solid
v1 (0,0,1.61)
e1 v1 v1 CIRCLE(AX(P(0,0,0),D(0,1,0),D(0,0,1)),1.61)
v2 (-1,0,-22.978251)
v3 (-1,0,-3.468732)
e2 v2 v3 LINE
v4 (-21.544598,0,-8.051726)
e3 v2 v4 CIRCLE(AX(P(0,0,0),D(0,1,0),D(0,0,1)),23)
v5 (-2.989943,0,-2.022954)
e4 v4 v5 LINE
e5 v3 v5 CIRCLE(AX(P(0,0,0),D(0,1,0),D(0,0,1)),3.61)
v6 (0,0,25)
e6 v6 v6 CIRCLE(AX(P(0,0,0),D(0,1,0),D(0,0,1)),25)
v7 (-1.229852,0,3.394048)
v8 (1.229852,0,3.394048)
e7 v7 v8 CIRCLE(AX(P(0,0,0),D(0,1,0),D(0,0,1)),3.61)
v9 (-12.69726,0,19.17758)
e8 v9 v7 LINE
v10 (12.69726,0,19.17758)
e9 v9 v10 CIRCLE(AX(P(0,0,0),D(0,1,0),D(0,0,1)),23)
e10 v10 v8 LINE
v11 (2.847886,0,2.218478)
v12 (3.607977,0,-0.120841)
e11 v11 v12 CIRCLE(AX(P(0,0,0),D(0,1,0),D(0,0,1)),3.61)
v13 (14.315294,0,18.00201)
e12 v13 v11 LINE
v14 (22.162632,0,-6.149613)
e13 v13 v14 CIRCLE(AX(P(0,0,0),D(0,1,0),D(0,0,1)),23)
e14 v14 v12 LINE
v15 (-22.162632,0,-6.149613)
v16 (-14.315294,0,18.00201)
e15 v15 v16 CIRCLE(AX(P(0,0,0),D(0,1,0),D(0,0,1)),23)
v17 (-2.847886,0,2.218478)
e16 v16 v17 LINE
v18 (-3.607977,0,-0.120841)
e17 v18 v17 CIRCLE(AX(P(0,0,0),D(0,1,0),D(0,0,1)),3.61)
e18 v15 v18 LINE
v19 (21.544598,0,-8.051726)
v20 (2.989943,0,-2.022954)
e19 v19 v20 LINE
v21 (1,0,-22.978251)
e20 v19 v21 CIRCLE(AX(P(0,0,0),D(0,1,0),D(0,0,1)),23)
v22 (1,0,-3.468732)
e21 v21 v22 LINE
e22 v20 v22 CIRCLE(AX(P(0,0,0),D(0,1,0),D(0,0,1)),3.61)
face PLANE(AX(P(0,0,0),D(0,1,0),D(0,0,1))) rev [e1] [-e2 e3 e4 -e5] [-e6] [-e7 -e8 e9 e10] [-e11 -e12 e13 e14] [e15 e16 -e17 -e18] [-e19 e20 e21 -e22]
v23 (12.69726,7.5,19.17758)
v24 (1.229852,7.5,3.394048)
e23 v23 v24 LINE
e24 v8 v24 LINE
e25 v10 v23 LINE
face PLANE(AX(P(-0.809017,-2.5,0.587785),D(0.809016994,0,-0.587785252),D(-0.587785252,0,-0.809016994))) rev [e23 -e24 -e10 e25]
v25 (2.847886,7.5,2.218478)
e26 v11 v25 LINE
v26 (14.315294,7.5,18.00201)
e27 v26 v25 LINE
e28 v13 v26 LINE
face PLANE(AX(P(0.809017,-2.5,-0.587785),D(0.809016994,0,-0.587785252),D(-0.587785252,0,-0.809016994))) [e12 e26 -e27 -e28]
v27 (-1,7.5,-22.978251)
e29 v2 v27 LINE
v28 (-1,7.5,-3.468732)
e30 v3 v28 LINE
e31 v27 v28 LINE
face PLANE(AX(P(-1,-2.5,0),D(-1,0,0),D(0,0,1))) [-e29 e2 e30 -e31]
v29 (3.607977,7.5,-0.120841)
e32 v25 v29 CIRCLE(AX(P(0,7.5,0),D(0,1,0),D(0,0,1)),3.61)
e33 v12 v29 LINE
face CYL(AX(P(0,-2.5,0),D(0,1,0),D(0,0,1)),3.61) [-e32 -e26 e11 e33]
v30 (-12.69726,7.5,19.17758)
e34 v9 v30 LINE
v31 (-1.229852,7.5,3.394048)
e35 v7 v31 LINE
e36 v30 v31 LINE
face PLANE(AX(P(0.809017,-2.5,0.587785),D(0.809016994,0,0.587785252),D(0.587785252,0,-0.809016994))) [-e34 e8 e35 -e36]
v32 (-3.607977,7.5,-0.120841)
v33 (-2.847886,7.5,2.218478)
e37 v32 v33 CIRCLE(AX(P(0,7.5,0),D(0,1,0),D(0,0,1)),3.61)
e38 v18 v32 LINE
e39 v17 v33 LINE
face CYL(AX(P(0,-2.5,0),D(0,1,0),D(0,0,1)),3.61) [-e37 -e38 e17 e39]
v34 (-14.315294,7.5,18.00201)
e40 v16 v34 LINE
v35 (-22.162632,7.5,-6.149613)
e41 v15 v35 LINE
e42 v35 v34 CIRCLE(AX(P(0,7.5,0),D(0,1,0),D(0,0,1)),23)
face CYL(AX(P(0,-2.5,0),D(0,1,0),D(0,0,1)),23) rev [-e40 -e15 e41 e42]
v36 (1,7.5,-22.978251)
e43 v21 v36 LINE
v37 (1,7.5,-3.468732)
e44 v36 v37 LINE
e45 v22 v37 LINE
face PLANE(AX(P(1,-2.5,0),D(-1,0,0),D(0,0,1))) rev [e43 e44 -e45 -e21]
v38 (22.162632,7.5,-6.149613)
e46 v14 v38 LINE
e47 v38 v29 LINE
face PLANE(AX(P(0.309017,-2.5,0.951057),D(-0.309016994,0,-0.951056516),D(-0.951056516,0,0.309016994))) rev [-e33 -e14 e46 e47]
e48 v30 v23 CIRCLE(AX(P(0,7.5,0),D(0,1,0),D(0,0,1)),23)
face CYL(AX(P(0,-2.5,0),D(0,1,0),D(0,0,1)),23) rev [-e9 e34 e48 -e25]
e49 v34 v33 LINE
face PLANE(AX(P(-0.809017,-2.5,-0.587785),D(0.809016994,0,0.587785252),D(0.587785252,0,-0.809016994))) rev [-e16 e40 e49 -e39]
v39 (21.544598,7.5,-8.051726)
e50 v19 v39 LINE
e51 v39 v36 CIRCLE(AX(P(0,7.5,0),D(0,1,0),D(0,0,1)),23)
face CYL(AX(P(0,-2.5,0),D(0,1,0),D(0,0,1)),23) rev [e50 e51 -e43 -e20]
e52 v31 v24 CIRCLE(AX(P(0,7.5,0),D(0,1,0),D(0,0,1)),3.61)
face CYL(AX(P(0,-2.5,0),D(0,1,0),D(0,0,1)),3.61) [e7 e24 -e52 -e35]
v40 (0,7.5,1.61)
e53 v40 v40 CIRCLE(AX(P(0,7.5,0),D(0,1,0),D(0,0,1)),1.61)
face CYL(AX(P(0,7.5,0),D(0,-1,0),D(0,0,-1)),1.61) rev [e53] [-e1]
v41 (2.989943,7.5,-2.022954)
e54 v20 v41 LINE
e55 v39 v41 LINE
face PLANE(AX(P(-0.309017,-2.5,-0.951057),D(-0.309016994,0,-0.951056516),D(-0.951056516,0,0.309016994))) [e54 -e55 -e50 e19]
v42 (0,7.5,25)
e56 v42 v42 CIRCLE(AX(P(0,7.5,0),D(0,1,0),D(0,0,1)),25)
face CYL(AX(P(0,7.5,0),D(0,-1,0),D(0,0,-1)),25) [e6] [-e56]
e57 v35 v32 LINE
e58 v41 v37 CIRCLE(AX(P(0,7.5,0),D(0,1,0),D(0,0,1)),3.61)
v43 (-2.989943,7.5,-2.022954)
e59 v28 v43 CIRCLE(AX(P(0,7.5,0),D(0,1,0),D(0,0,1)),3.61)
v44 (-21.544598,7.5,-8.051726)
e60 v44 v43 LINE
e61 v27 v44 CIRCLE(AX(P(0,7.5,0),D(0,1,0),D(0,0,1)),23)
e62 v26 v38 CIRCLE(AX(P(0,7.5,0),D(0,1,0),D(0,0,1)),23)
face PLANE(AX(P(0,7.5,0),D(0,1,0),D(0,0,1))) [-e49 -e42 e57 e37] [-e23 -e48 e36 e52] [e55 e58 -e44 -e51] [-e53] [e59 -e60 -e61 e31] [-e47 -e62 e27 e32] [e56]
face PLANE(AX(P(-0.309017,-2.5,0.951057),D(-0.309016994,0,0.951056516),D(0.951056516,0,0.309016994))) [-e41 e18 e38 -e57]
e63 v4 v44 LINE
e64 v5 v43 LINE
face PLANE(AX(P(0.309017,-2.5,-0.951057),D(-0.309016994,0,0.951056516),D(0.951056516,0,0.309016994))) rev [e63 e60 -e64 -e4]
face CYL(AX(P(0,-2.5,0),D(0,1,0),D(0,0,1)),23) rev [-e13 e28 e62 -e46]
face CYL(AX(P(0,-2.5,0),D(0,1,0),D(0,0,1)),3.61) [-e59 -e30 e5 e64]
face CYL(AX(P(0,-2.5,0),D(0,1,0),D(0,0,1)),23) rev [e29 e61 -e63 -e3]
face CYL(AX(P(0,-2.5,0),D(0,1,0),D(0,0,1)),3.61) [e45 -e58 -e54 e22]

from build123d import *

# Parameters (mm, degrees)
SKETCH1_R           = 25
SKETCH1_R_2         = 1.61
BOSS_EXTRUDE1_DEPTH = 7.5
CUT_EXTRUDE2_DEPTH  = 10


with BuildPart() as part:
    # Sketch1 → Boss-Extrude1 (new body)
    with BuildSketch(Plane(origin=(0, 0, 0), x_dir=(1, 0, 0), z_dir=(0, 1, 0))):
        Circle(SKETCH1_R)
        Circle(SKETCH1_R_2, mode=Mode.SUBTRACT)
    extrude(amount=BOSS_EXTRUDE1_DEPTH)

    # Sketch2 → Cut-Extrude2 (cut)
    with BuildSketch(Plane(origin=(0, 7.5, 0), x_dir=(1, 0, 0), z_dir=(0, 1, 0))):
        with BuildLine():
            Line((-1, 3.468731757), (-1, 22.978250586))
            ThreePointArc((-1, 22.978250586), (-13.519060803, 18.607390871), (-21.544597959, 8.051726448))
            Line((-21.544597959, 8.051726448), (-2.989942946, 2.022953578))
            ThreePointArc((-2.989942946, 2.022953578), (-2.121904761, 2.92055135), (-1, 3.468731757))
        make_face()
        with BuildLine():
            ThreePointArc((21.544597959, 8.051726448), (13.519060803, 18.607390871), (1, 22.978250586))
            Line((1, 22.978250586), (1, 3.468731757))
            ThreePointArc((1, 3.468731757), (2.121904761, 2.92055135), (2.989942946, 2.022953578))
            Line((2.989942946, 2.022953578), (21.544597959, 8.051726448))
        make_face()
        with BuildLine():
            ThreePointArc((23, 0), (22.789696518, 3.103181046), (22.162631947, 6.149613416))
            Line((22.162631947, 6.149613416), (3.607976935, 0.120840545))
            ThreePointArc((3.607976935, 0.120840545), (3.609494198, 0.060428739), (3.61, 0))
            ThreePointArc((3.61, 0), (3.41415947, -1.172866195), (2.847886365, -2.218477688))
            Line((2.847886365, -2.218477688), (14.315293812, -18.002009973))
            ThreePointArc((14.315293812, -18.002009973), (20.715353698, -9.993704076), (23, 0))
        make_face()
        with BuildLine():
            Line((-1.229852376, -3.394048192), (-12.697259824, -19.177580477))
            ThreePointArc((-12.697259824, -19.177580477), (0, -23), (12.697259824, -19.177580477))
            Line((12.697259824, -19.177580477), (1.229852376, -3.394048192))
            ThreePointArc((1.229852376, -3.394048192), (0, -3.61), (-1.229852376, -3.394048192))
        make_face()
        with BuildLine():
            Line((-3.607976935, 0.120840545), (-22.162631947, 6.149613416))
            ThreePointArc((-22.162631947, 6.149613416), (-21.874299875, -7.107390871), (-14.315293812, -18.002009973))
            Line((-14.315293812, -18.002009973), (-2.847886365, -2.218477688))
            ThreePointArc((-2.847886365, -2.218477688), (-3.433314024, -1.11555135), (-3.607976935, 0.120840545))
        make_face()
    extrude(amount=-CUT_EXTRUDE2_DEPTH, mode=Mode.SUBTRACT)


solid = part.part
